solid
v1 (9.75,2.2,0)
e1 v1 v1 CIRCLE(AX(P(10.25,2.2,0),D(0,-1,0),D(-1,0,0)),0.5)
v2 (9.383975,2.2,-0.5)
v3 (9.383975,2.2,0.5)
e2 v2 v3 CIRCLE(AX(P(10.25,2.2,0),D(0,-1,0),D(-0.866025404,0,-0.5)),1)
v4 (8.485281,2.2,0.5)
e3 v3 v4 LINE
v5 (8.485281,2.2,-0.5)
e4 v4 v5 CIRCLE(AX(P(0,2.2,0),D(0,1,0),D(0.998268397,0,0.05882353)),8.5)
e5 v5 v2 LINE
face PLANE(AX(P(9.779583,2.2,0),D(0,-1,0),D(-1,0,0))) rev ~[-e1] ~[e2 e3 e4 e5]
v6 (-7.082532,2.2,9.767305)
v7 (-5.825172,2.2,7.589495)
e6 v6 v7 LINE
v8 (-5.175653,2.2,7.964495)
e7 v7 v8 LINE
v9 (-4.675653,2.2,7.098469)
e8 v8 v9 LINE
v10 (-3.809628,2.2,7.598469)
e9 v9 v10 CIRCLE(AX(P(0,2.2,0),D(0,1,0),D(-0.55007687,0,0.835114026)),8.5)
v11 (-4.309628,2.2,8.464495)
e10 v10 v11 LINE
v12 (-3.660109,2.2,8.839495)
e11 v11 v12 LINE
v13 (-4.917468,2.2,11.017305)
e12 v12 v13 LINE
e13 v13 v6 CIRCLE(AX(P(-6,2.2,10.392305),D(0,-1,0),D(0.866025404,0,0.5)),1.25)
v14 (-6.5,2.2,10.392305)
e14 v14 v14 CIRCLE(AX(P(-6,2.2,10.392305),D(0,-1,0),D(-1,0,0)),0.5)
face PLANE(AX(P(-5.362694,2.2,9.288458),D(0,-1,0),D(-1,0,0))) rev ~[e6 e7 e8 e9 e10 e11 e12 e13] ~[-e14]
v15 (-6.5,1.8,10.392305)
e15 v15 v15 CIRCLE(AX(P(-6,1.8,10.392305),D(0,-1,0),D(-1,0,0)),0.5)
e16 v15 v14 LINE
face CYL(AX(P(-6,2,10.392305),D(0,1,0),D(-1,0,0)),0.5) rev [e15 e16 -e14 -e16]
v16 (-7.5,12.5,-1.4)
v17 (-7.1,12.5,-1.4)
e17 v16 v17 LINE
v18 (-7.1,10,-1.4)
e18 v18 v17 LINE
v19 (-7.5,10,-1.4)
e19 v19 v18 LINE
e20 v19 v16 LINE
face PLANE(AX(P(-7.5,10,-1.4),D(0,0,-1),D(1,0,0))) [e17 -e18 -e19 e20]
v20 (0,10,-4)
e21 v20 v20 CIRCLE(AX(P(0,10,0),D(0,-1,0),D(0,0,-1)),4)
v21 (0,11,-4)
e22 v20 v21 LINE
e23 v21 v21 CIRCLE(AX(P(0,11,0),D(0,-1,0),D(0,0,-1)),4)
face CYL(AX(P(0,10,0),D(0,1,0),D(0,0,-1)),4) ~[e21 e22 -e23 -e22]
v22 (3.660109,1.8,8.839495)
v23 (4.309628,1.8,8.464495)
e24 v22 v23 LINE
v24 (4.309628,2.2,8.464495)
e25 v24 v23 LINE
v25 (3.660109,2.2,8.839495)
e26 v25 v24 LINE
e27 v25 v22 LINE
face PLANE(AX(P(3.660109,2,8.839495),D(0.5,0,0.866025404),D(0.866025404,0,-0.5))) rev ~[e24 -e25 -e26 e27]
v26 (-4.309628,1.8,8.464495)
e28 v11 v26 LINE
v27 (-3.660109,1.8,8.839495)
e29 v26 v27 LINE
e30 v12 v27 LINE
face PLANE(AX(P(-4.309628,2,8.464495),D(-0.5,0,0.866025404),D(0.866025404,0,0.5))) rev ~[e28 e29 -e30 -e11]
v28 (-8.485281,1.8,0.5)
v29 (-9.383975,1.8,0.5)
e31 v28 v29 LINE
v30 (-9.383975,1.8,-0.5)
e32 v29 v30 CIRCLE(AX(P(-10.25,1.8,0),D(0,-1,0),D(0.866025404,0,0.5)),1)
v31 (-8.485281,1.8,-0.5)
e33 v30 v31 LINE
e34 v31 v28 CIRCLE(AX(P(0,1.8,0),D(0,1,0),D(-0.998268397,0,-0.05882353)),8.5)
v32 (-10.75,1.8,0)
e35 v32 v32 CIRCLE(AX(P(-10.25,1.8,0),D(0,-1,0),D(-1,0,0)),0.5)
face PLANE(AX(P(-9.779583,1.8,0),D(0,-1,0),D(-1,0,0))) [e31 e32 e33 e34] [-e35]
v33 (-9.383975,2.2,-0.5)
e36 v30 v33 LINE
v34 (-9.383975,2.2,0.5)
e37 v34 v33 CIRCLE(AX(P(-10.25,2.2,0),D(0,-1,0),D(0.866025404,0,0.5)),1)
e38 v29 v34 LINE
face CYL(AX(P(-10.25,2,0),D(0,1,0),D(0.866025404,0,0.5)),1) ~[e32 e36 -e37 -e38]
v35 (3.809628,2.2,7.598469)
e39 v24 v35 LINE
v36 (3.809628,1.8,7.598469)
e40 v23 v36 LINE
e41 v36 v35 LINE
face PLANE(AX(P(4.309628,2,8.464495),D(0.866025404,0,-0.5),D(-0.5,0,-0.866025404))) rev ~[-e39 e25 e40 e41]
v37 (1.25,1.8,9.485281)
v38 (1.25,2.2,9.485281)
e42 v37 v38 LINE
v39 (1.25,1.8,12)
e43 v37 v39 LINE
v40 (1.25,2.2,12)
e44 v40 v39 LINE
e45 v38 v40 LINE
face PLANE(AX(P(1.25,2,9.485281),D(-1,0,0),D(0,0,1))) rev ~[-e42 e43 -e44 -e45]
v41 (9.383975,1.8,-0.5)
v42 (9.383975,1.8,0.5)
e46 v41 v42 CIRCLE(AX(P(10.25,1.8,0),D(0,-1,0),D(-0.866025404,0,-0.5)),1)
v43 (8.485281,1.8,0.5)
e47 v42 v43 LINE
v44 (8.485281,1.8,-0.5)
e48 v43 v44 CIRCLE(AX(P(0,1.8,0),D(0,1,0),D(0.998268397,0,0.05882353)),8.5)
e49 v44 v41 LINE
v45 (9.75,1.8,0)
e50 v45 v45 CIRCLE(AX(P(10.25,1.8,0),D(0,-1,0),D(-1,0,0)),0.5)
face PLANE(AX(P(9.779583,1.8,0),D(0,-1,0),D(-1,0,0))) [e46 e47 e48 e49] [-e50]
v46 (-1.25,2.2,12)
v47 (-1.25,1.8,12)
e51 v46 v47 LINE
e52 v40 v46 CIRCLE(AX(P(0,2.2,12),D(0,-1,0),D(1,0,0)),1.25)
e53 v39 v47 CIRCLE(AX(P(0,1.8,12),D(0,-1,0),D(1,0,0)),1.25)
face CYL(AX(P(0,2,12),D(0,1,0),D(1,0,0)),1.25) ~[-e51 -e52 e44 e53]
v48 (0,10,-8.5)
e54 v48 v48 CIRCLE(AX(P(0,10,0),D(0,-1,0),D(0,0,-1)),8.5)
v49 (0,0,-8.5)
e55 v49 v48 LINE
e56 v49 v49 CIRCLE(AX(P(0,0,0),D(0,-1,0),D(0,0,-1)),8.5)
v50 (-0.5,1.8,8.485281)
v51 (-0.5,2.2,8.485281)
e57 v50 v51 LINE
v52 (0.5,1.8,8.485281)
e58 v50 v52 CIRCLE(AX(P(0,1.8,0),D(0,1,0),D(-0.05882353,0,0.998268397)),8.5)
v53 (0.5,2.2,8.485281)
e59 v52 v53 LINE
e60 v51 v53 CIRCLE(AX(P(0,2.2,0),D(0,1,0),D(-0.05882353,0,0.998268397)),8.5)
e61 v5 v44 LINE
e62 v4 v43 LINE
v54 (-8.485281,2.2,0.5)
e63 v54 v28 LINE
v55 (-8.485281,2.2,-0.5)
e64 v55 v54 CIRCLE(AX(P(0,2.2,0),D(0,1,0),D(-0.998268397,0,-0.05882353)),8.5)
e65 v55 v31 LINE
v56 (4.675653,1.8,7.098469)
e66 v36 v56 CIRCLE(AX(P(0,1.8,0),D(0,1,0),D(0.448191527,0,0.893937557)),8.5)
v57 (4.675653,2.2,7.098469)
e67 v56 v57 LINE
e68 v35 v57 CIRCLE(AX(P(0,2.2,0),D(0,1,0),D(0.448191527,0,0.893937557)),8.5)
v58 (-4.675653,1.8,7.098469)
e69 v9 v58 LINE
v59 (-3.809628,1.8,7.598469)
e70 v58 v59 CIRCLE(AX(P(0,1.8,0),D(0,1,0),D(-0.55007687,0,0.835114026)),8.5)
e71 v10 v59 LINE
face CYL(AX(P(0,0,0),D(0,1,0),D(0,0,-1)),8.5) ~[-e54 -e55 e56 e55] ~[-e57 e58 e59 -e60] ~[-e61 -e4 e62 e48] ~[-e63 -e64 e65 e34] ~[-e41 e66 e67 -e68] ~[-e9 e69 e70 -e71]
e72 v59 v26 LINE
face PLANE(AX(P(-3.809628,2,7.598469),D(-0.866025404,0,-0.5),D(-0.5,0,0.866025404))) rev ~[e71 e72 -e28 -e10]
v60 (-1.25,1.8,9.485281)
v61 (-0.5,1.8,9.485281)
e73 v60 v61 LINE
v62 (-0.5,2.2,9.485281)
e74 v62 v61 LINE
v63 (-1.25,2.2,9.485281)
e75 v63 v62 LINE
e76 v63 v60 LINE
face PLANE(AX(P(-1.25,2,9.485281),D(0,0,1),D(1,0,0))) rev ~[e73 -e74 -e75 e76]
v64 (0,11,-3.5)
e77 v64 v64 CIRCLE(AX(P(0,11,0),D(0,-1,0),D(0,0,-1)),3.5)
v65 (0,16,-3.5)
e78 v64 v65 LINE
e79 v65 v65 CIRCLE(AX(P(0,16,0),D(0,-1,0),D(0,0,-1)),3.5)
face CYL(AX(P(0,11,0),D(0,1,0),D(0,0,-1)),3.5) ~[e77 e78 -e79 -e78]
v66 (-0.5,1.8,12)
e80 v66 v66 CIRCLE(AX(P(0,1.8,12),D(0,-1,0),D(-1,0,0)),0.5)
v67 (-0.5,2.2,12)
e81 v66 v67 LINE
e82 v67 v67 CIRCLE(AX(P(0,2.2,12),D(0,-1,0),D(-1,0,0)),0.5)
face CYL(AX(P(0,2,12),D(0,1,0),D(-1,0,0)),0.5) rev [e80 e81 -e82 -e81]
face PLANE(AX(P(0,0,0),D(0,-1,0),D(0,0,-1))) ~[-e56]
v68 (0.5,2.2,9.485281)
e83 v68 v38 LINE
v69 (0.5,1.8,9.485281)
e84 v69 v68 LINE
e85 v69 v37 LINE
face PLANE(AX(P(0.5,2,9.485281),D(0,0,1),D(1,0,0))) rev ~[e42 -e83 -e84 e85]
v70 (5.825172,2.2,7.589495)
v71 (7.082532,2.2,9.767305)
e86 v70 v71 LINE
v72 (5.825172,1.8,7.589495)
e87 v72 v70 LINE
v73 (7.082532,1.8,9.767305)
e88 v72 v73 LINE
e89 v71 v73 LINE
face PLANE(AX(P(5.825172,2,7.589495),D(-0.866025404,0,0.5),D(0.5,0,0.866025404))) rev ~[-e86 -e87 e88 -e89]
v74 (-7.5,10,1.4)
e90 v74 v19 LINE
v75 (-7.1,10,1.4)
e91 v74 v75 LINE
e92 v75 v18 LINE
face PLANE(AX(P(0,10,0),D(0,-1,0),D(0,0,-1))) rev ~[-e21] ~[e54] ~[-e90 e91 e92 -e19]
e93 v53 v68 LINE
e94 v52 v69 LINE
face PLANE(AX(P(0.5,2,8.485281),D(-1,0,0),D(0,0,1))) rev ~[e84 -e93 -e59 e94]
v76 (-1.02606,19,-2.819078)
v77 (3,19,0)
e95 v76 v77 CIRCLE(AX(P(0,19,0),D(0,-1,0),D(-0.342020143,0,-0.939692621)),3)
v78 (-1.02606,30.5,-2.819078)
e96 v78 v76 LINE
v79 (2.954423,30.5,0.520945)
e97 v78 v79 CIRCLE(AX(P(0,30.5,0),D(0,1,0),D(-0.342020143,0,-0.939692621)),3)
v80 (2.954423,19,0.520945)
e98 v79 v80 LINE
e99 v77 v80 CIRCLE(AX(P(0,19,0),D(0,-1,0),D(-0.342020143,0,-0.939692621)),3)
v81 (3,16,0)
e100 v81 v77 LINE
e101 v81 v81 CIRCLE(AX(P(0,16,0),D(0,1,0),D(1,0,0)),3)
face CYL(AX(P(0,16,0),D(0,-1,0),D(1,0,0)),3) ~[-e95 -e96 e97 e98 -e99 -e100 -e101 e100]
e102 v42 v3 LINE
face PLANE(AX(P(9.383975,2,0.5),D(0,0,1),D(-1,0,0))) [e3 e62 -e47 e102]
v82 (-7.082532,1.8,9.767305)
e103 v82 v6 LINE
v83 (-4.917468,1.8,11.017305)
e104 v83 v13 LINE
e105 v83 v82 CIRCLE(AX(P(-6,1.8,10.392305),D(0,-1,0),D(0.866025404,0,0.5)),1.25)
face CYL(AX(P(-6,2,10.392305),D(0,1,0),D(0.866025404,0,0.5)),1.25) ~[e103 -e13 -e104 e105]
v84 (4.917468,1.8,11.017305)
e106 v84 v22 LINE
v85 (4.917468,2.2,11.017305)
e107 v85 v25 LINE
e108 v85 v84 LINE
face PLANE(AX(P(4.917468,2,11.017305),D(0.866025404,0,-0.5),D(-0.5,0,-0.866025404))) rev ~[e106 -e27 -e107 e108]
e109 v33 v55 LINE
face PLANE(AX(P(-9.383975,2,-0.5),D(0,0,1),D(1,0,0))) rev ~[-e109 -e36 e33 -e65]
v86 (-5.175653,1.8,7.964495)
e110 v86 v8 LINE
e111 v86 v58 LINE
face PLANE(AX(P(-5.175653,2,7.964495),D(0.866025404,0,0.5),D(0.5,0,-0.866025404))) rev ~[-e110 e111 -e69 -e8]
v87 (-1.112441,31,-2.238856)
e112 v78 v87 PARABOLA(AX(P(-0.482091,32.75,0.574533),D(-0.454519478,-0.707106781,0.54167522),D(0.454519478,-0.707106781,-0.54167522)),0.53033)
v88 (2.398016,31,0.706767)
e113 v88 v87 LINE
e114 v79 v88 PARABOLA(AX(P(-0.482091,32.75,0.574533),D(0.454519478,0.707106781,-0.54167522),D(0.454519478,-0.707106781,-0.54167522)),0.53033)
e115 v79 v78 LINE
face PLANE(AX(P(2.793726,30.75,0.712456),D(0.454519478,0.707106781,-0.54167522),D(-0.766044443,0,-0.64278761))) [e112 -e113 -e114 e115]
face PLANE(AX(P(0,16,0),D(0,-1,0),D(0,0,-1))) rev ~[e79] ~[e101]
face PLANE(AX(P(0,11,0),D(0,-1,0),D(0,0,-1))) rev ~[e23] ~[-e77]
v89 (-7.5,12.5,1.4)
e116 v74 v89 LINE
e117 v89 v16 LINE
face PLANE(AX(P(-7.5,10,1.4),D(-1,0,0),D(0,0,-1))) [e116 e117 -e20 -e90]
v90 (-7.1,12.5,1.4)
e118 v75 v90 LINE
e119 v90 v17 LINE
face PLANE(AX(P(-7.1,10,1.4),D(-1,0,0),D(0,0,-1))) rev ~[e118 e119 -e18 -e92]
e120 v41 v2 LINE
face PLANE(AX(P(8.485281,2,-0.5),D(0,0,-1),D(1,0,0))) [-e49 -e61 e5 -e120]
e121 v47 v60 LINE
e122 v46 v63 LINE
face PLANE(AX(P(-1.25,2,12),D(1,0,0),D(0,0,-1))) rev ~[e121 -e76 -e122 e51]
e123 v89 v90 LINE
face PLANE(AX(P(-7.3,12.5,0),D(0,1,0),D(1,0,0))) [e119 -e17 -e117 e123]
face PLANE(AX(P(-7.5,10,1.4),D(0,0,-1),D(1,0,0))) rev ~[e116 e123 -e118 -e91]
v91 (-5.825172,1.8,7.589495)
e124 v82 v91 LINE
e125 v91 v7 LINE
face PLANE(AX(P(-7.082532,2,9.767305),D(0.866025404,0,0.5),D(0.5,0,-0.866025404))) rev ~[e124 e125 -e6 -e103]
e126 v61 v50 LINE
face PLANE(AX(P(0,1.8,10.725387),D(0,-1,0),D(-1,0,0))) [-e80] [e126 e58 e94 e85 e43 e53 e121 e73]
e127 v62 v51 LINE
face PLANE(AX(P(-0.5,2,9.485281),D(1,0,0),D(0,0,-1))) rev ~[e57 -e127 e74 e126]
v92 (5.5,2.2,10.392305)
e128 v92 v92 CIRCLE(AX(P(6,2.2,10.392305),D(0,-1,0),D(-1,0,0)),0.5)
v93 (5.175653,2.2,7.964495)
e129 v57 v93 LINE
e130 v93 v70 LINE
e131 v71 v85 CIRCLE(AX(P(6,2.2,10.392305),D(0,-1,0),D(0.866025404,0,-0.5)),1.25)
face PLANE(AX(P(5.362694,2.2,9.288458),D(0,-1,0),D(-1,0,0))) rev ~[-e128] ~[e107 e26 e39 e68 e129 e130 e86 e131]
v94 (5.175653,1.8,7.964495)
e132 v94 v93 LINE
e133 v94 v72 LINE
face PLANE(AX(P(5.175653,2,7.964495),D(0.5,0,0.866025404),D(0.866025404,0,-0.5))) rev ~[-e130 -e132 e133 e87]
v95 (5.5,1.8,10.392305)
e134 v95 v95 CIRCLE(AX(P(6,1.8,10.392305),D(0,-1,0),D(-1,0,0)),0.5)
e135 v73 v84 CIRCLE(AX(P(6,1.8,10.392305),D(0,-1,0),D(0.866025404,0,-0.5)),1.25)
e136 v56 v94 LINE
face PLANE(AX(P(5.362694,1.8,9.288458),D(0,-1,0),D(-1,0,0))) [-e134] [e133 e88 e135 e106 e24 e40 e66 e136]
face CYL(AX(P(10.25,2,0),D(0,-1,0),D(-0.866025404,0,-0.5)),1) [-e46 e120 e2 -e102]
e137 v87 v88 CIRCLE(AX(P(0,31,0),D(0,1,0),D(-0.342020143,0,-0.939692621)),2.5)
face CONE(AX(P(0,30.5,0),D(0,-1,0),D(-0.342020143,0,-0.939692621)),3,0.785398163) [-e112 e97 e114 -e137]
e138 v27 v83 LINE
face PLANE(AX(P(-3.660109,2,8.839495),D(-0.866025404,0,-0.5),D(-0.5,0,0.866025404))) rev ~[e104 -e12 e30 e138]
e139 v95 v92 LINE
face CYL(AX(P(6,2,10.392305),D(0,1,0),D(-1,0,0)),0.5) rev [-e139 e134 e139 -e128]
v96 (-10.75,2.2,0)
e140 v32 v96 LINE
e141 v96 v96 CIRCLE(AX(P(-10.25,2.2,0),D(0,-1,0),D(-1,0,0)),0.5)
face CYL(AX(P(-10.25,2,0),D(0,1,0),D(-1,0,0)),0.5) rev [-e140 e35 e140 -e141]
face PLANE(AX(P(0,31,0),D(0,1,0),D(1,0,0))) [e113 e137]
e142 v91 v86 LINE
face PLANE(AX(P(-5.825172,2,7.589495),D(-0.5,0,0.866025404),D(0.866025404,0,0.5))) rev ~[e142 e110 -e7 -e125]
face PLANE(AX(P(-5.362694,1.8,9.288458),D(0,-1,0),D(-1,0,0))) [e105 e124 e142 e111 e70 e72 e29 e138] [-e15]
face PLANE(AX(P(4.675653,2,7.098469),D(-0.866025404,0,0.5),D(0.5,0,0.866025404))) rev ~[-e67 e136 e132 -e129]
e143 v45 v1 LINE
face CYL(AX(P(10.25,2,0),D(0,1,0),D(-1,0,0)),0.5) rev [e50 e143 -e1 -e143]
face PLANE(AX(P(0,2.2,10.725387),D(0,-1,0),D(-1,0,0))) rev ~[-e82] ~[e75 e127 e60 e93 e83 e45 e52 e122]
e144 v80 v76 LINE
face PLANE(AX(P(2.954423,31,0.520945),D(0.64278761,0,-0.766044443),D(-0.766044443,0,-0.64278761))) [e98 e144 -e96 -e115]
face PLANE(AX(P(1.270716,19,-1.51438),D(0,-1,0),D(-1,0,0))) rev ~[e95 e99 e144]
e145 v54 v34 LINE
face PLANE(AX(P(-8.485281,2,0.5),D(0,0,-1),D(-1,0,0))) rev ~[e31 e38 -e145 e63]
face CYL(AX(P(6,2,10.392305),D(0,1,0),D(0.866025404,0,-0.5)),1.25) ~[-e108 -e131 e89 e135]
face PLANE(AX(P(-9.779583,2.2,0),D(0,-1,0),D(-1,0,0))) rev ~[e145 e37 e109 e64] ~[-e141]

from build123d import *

# Parameters (mm, degrees)
SKETCH2_W           = 0.4
SKETCH2_H           = 2.8
BOSS_EXTRUDE1_DEPTH = 2.5
SKETCH3_R           = 0.5
BOSS_EXTRUDE2_DEPTH = 0.2
SKETCH4_R           = 3
BOSS_EXTRUDE4_DEPTH = 15
CUT_EXTRUDE1_DEPTH  = 12
CHAMFER1_SIZE       = 0.5


with BuildPart() as part:
    # Sketch1 → Revolve1 (revolve)
    with BuildSketch(Plane(origin=(0, 0, 0), x_dir=(0, 0, -1), z_dir=(1, 0, 0))):
        Polygon((0, 0), (8.5, 0), (8.5, 10), (4, 10), (4, 11), (3.5, 11), (3.5, 16), (0, 16), align=None)
    revolve(axis=Axis((0, 16, 0), (0, -1, 0)))

    # Sketch2 → Boss-Extrude1 (add)
    with BuildSketch(Plane(origin=(0, 10, 0), x_dir=(1, 0, 0), z_dir=(0, 1, 0))):
        with Locations((-7.3, 0)):
            Rectangle(SKETCH2_W, SKETCH2_H)
    extrude(amount=BOSS_EXTRUDE1_DEPTH)

    # Sketch3 → Boss-Extrude2 (add, symmetric)
    with BuildSketch(Plane(origin=(0, 2, 0), x_dir=(-1, 0, 0), z_dir=(0, -1, 0))):
        with BuildLine():
            Line((-1.25, -9.485281374), (-1.25, -12))
            ThreePointArc((-1.25, -12), (0, -13.25), (1.25, -12))
            Line((1.25, -12), (1.25, -9.485281374))
            Line((1.25, -9.485281374), (0.5, -9.485281374))
            Line((0.5, -9.485281374), (0.5, -8.485281374))
            ThreePointArc((0.5, -8.485281374), (0, -8.5), (-0.5, -8.485281374))
            Line((-0.5, -8.485281374), (-0.5, -9.485281374))
            Line((-0.5, -9.485281374), (-1.25, -9.485281374))
        make_face()
        with Locations((0, -12)):
            Circle(SKETCH3_R, mode=Mode.SUBTRACT)
        with BuildLine():
            Line((-5.825172442, -7.589494632), (-7.082531755, -9.767304845))
            ThreePointArc((-7.082531755, -9.767304845), (-6.625, -11.4748366), (-4.917468245, -11.017304845))
            Line((-4.917468245, -11.017304845), (-3.660108932, -8.839494632))
            Line((-3.660108932, -8.839494632), (-4.309627985, -8.464494632))
            Line((-4.309627985, -8.464494632), (-3.809627985, -7.598469228))
            ThreePointArc((-3.809627985, -7.598469228), (-4.25, -7.361215932), (-4.675653389, -7.098469228))
            Line((-4.675653389, -7.098469228), (-5.175653389, -7.964494632))
            Line((-5.175653389, -7.964494632), (-5.825172442, -7.589494632))
        make_face()
        with Locations((-6, -10.392304845)):
            Circle(SKETCH3_R, mode=Mode.SUBTRACT)
        with BuildLine():
            Line((5.175653389, -7.964494632), (4.675653389, -7.098469228))
            ThreePointArc((4.675653389, -7.098469228), (4.25, -7.361215932), (3.809627985, -7.598469228))
            Line((3.809627985, -7.598469228), (4.309627985, -8.464494632))
            Line((4.309627985, -8.464494632), (3.660108932, -8.839494632))
            Line((3.660108932, -8.839494632), (4.917468245, -11.017304845))
            ThreePointArc((4.917468245, -11.017304845), (6.625, -11.4748366), (7.082531755, -9.767304845))
            Line((7.082531755, -9.767304845), (5.825172442, -7.589494632))
            Line((5.825172442, -7.589494632), (5.175653389, -7.964494632))
        make_face()
        with Locations((6, -10.392304845)):
            Circle(SKETCH3_R, mode=Mode.SUBTRACT)
        with BuildLine():
            Line((9.383974596, 0.5), (8.485281374, 0.5))
            ThreePointArc((8.485281374, 0.5), (8.5, 0), (8.485281374, -0.5))
            Line((8.485281374, -0.5), (9.383974596, -0.5))
            ThreePointArc((9.383974596, -0.5), (11.25, 0), (9.383974596, 0.5))
        make_face()
        with Locations((10.25, 0)):
            Circle(SKETCH3_R, mode=Mode.SUBTRACT)
        with BuildLine():
            Line((-9.383974596, -0.5), (-8.485281374, -0.5))
            ThreePointArc((-8.485281374, -0.5), (-8.5, 0), (-8.485281374, 0.5))
            Line((-8.485281374, 0.5), (-9.383974596, 0.5))
            ThreePointArc((-9.383974596, 0.5), (-11.25, 0), (-9.383974596, -0.5))
        make_face()
        with Locations((-10.25, 0)):
            Circle(SKETCH3_R, mode=Mode.SUBTRACT)
    extrude(amount=BOSS_EXTRUDE2_DEPTH, both=True)

    # Sketch4 → Boss-Extrude4 (add)
    with BuildSketch(Plane(origin=(0, 16, 0), x_dir=(1, 0, 0), z_dir=(0, 1, 0))):
        Circle(SKETCH4_R)
    extrude(amount=BOSS_EXTRUDE4_DEPTH)

    # Sketch5 → Cut-Extrude1 (cut)
    with BuildSketch(Plane(origin=(0, 31, 0), x_dir=(1, 0, 0), z_dir=(0, 1, 0))):
        with BuildLine():
            Line((2.954423259, -0.520944533), (-1.02606043, 2.819077862))
            ThreePointArc((-1.02606043, 2.819077862), (1.928362829, 2.298133329), (2.954423259, -0.520944533))
        make_face()
    extrude(amount=-CUT_EXTRUDE1_DEPTH, mode=Mode.SUBTRACT)

    # Chamfer1
    chamfer1_edges = [part.edges().sort_by_distance(p)[0] for p in [
        (-1.928362829, 31, 2.298133329),
        (0.964181415, 31, -1.149066665),
    ]]
    chamfer(chamfer1_edges, length=CHAMFER1_SIZE)


solid = part.part
